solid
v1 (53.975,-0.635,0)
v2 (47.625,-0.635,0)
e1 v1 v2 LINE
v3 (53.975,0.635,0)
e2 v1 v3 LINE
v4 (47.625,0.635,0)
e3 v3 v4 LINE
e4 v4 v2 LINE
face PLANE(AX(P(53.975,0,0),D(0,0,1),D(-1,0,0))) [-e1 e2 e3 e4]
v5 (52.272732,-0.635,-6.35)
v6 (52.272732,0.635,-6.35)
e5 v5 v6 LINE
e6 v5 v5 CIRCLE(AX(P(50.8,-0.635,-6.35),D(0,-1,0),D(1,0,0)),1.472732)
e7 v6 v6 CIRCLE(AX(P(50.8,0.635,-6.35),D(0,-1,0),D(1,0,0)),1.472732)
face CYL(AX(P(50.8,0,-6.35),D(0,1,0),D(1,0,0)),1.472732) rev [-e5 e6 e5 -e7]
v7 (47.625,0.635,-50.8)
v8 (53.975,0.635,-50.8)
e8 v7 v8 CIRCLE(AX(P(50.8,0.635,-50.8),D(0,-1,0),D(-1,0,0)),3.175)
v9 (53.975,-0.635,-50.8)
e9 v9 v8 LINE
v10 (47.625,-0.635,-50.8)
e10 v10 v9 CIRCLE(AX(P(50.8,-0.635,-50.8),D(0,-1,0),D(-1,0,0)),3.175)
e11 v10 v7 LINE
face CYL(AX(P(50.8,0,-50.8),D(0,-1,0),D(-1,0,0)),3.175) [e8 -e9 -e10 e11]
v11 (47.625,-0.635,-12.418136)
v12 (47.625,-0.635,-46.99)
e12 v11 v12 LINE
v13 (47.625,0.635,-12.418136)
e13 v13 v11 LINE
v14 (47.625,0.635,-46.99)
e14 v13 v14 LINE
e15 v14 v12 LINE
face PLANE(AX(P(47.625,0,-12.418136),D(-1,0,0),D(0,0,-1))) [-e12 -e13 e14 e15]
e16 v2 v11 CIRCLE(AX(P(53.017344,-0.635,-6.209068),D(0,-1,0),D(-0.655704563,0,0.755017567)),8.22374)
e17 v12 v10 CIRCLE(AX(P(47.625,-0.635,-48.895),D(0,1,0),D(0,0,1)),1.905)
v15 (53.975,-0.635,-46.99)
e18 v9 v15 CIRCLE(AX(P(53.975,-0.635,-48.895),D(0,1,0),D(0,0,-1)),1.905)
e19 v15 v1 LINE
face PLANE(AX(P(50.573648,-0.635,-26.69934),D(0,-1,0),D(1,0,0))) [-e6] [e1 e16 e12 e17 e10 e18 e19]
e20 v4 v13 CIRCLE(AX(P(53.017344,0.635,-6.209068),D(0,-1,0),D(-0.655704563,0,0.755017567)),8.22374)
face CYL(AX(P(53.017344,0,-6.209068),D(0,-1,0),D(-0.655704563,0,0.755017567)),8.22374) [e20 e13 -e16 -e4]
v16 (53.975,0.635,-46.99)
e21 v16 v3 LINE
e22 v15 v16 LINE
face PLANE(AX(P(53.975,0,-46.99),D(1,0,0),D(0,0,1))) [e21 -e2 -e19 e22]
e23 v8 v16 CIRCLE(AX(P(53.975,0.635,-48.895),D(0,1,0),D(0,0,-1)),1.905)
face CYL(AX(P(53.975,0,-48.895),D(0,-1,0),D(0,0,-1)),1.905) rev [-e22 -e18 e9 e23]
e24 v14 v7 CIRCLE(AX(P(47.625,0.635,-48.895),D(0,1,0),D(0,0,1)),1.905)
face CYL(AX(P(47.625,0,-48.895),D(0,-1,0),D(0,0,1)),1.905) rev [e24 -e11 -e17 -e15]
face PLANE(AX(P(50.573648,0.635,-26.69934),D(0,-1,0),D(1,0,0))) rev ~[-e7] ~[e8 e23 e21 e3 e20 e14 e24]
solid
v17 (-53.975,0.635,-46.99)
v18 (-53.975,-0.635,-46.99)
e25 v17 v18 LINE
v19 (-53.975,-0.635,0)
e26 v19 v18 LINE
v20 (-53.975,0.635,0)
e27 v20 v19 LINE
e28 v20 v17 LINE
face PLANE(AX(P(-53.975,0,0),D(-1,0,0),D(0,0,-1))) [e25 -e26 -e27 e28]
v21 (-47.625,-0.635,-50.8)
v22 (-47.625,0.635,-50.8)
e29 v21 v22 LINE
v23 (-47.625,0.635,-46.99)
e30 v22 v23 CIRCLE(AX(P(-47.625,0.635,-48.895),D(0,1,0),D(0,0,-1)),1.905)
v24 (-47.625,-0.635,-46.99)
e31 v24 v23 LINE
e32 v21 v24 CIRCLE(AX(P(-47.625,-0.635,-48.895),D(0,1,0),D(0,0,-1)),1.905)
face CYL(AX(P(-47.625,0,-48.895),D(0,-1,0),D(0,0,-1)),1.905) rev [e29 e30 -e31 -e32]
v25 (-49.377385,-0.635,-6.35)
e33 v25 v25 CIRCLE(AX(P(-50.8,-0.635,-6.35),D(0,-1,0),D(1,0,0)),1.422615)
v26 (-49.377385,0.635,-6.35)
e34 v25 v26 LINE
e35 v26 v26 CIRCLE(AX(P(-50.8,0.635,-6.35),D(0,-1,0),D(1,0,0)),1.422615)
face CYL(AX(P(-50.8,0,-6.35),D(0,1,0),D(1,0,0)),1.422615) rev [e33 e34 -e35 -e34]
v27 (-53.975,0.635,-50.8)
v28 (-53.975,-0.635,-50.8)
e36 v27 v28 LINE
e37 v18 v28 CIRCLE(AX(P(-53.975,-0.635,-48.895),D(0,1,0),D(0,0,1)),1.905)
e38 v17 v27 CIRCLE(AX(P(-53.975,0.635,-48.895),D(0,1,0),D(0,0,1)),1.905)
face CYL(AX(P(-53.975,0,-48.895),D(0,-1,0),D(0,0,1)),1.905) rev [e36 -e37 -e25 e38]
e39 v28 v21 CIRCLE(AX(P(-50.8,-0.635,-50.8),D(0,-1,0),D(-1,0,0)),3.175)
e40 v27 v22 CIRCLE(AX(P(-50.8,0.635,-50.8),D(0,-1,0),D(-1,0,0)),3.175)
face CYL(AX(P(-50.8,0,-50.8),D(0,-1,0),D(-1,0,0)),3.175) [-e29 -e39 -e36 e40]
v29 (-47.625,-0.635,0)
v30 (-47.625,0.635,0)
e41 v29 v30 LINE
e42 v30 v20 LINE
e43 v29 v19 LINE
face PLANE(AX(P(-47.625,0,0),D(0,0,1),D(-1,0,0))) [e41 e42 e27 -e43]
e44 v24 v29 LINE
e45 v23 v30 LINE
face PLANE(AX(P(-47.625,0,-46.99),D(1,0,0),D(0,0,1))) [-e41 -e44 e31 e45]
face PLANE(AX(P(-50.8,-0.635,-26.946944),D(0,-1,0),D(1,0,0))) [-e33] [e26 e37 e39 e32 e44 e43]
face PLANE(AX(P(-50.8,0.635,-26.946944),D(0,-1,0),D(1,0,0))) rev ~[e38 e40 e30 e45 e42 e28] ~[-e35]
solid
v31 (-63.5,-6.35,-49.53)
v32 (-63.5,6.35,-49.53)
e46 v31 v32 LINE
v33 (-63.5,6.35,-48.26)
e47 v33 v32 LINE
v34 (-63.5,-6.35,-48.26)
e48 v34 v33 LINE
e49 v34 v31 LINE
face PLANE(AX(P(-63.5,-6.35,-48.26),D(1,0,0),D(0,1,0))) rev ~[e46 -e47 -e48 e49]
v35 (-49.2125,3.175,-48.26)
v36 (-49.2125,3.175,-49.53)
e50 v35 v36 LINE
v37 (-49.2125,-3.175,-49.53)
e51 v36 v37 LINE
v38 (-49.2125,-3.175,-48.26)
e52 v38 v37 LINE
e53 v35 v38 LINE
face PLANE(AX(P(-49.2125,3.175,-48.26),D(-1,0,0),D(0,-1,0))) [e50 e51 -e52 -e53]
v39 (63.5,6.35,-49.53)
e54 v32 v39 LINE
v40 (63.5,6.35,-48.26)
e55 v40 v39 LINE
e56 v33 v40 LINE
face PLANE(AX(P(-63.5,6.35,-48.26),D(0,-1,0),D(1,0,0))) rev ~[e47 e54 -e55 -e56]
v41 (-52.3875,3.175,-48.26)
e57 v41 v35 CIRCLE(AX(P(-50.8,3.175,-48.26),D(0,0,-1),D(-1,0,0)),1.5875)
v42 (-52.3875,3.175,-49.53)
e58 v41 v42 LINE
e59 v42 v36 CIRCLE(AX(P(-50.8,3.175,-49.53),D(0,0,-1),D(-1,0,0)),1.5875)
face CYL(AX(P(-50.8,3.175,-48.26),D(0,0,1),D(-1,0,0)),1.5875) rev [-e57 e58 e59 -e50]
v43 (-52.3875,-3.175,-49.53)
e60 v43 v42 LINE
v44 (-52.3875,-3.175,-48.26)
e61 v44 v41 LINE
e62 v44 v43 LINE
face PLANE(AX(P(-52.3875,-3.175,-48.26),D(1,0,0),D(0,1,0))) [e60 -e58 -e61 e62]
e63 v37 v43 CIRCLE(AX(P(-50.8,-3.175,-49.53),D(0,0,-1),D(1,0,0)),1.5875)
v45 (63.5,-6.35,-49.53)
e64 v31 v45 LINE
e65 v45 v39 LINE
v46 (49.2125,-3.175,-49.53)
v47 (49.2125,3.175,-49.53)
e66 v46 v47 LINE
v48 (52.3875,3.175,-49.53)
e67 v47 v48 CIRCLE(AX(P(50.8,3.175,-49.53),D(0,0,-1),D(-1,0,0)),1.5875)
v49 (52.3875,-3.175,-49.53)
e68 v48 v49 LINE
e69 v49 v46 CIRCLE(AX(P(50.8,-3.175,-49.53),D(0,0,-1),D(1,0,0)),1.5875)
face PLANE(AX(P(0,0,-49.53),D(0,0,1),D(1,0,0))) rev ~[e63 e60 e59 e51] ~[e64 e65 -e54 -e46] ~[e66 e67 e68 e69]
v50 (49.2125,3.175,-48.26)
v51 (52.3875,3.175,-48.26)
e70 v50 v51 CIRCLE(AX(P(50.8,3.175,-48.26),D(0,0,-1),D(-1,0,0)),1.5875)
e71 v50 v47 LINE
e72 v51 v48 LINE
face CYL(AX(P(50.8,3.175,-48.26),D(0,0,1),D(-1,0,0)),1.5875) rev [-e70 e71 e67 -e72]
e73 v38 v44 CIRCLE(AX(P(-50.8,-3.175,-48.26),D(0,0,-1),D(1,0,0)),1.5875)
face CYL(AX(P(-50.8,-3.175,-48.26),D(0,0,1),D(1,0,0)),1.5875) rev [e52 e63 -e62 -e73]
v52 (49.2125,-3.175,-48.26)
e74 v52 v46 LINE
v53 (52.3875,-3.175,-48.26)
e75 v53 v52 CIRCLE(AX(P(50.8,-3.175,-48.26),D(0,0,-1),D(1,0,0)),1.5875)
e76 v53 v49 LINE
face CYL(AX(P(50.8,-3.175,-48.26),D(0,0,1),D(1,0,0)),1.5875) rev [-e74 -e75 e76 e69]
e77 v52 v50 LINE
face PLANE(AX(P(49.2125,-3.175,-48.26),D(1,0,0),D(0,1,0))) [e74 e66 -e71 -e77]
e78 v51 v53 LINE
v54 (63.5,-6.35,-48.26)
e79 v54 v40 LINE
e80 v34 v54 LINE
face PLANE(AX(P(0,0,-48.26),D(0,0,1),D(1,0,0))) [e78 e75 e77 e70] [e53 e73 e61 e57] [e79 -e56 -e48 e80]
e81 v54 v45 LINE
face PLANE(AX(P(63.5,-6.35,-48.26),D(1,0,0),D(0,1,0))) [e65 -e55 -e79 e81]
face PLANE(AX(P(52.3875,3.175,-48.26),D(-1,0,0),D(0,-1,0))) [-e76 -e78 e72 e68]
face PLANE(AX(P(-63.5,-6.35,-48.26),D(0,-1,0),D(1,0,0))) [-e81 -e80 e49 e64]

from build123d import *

# Parameters (mm, degrees)
F0_R     = 1.4226150659
F1_DEPTH = 0.635
F3_START = -48.26
F2_W     = 127
F2_H     = 12.7
F3_DEPTH = 1.27
F0_R_2   = 1.4727322888
F4_DEPTH = 0.635


with BuildPart() as f1:
    # F0 (on Front) → F1 (new body, symmetric)
    with BuildSketch(Plane.XZ):
        with BuildLine():
            Line((-47.625, 0), (-53.975, 0))
            Line((-53.975, 0), (-53.975, -46.99))
            ThreePointArc((-53.975, -46.99), (-52.07, -48.895), (-53.975, -50.8))
            ThreePointArc((-53.975, -50.8), (-50.8, -53.975), (-47.625, -50.8))
            ThreePointArc((-47.625, -50.8), (-49.53, -48.895), (-47.625, -46.99))
            Line((-47.625, -46.99), (-47.625, 0))
        make_face()
        with Locations((-50.8, -6.35)):
            Circle(F0_R, mode=Mode.SUBTRACT)
    extrude(amount=F1_DEPTH, both=True)


with BuildPart() as f3:
    # F2 (on Top) → F3 (new body)
    with BuildSketch(Plane.XY.offset(F3_START)):
        Rectangle(F2_W, F2_H)
        with BuildLine():
            Line((-49.2125, 3.175), (-49.2125, -3.175))
            ThreePointArc((-49.2125, -3.175), (-50.8, -4.7625), (-52.3875, -3.175))
            Line((-52.3875, -3.175), (-52.3875, 3.175))
            ThreePointArc((-52.3875, 3.175), (-50.8, 4.7625), (-49.2125, 3.175))
        make_face(mode=Mode.SUBTRACT)
        with BuildLine():
            ThreePointArc((49.2125, 3.175), (50.8, 4.7625), (52.3875, 3.175))
            Line((52.3875, 3.175), (52.3875, -3.175))
            ThreePointArc((52.3875, -3.175), (50.8, -4.7625), (49.2125, -3.175))
            Line((49.2125, -3.175), (49.2125, 3.175))
        make_face(mode=Mode.SUBTRACT)
    extrude(amount=-F3_DEPTH)


with BuildPart() as f4:
    # F0 (on Front) → F4 (new body, symmetric)
    with BuildSketch(Plane.XZ):
        with BuildLine():
            Line((53.975, 0), (47.625, 0))
            ThreePointArc((47.625, 0), (44.7936039156, -6.2090680003), (47.625, -12.4181360006))
            Line((47.625, -12.4181360006), (47.625, -46.99))
            ThreePointArc((47.625, -46.99), (49.53, -48.895), (47.625, -50.8))
            ThreePointArc((47.625, -50.8), (50.8, -53.975), (53.975, -50.8))
            ThreePointArc((53.975, -50.8), (52.07, -48.895), (53.975, -46.99))
            Line((53.975, -46.99), (53.975, 0))
        make_face()
        with Locations((50.8, -6.35)):
            Circle(F0_R_2, mode=Mode.SUBTRACT)
    extrude(amount=F4_DEPTH, both=True)


solid = Compound([f1.part, f3.part, f4.part])
